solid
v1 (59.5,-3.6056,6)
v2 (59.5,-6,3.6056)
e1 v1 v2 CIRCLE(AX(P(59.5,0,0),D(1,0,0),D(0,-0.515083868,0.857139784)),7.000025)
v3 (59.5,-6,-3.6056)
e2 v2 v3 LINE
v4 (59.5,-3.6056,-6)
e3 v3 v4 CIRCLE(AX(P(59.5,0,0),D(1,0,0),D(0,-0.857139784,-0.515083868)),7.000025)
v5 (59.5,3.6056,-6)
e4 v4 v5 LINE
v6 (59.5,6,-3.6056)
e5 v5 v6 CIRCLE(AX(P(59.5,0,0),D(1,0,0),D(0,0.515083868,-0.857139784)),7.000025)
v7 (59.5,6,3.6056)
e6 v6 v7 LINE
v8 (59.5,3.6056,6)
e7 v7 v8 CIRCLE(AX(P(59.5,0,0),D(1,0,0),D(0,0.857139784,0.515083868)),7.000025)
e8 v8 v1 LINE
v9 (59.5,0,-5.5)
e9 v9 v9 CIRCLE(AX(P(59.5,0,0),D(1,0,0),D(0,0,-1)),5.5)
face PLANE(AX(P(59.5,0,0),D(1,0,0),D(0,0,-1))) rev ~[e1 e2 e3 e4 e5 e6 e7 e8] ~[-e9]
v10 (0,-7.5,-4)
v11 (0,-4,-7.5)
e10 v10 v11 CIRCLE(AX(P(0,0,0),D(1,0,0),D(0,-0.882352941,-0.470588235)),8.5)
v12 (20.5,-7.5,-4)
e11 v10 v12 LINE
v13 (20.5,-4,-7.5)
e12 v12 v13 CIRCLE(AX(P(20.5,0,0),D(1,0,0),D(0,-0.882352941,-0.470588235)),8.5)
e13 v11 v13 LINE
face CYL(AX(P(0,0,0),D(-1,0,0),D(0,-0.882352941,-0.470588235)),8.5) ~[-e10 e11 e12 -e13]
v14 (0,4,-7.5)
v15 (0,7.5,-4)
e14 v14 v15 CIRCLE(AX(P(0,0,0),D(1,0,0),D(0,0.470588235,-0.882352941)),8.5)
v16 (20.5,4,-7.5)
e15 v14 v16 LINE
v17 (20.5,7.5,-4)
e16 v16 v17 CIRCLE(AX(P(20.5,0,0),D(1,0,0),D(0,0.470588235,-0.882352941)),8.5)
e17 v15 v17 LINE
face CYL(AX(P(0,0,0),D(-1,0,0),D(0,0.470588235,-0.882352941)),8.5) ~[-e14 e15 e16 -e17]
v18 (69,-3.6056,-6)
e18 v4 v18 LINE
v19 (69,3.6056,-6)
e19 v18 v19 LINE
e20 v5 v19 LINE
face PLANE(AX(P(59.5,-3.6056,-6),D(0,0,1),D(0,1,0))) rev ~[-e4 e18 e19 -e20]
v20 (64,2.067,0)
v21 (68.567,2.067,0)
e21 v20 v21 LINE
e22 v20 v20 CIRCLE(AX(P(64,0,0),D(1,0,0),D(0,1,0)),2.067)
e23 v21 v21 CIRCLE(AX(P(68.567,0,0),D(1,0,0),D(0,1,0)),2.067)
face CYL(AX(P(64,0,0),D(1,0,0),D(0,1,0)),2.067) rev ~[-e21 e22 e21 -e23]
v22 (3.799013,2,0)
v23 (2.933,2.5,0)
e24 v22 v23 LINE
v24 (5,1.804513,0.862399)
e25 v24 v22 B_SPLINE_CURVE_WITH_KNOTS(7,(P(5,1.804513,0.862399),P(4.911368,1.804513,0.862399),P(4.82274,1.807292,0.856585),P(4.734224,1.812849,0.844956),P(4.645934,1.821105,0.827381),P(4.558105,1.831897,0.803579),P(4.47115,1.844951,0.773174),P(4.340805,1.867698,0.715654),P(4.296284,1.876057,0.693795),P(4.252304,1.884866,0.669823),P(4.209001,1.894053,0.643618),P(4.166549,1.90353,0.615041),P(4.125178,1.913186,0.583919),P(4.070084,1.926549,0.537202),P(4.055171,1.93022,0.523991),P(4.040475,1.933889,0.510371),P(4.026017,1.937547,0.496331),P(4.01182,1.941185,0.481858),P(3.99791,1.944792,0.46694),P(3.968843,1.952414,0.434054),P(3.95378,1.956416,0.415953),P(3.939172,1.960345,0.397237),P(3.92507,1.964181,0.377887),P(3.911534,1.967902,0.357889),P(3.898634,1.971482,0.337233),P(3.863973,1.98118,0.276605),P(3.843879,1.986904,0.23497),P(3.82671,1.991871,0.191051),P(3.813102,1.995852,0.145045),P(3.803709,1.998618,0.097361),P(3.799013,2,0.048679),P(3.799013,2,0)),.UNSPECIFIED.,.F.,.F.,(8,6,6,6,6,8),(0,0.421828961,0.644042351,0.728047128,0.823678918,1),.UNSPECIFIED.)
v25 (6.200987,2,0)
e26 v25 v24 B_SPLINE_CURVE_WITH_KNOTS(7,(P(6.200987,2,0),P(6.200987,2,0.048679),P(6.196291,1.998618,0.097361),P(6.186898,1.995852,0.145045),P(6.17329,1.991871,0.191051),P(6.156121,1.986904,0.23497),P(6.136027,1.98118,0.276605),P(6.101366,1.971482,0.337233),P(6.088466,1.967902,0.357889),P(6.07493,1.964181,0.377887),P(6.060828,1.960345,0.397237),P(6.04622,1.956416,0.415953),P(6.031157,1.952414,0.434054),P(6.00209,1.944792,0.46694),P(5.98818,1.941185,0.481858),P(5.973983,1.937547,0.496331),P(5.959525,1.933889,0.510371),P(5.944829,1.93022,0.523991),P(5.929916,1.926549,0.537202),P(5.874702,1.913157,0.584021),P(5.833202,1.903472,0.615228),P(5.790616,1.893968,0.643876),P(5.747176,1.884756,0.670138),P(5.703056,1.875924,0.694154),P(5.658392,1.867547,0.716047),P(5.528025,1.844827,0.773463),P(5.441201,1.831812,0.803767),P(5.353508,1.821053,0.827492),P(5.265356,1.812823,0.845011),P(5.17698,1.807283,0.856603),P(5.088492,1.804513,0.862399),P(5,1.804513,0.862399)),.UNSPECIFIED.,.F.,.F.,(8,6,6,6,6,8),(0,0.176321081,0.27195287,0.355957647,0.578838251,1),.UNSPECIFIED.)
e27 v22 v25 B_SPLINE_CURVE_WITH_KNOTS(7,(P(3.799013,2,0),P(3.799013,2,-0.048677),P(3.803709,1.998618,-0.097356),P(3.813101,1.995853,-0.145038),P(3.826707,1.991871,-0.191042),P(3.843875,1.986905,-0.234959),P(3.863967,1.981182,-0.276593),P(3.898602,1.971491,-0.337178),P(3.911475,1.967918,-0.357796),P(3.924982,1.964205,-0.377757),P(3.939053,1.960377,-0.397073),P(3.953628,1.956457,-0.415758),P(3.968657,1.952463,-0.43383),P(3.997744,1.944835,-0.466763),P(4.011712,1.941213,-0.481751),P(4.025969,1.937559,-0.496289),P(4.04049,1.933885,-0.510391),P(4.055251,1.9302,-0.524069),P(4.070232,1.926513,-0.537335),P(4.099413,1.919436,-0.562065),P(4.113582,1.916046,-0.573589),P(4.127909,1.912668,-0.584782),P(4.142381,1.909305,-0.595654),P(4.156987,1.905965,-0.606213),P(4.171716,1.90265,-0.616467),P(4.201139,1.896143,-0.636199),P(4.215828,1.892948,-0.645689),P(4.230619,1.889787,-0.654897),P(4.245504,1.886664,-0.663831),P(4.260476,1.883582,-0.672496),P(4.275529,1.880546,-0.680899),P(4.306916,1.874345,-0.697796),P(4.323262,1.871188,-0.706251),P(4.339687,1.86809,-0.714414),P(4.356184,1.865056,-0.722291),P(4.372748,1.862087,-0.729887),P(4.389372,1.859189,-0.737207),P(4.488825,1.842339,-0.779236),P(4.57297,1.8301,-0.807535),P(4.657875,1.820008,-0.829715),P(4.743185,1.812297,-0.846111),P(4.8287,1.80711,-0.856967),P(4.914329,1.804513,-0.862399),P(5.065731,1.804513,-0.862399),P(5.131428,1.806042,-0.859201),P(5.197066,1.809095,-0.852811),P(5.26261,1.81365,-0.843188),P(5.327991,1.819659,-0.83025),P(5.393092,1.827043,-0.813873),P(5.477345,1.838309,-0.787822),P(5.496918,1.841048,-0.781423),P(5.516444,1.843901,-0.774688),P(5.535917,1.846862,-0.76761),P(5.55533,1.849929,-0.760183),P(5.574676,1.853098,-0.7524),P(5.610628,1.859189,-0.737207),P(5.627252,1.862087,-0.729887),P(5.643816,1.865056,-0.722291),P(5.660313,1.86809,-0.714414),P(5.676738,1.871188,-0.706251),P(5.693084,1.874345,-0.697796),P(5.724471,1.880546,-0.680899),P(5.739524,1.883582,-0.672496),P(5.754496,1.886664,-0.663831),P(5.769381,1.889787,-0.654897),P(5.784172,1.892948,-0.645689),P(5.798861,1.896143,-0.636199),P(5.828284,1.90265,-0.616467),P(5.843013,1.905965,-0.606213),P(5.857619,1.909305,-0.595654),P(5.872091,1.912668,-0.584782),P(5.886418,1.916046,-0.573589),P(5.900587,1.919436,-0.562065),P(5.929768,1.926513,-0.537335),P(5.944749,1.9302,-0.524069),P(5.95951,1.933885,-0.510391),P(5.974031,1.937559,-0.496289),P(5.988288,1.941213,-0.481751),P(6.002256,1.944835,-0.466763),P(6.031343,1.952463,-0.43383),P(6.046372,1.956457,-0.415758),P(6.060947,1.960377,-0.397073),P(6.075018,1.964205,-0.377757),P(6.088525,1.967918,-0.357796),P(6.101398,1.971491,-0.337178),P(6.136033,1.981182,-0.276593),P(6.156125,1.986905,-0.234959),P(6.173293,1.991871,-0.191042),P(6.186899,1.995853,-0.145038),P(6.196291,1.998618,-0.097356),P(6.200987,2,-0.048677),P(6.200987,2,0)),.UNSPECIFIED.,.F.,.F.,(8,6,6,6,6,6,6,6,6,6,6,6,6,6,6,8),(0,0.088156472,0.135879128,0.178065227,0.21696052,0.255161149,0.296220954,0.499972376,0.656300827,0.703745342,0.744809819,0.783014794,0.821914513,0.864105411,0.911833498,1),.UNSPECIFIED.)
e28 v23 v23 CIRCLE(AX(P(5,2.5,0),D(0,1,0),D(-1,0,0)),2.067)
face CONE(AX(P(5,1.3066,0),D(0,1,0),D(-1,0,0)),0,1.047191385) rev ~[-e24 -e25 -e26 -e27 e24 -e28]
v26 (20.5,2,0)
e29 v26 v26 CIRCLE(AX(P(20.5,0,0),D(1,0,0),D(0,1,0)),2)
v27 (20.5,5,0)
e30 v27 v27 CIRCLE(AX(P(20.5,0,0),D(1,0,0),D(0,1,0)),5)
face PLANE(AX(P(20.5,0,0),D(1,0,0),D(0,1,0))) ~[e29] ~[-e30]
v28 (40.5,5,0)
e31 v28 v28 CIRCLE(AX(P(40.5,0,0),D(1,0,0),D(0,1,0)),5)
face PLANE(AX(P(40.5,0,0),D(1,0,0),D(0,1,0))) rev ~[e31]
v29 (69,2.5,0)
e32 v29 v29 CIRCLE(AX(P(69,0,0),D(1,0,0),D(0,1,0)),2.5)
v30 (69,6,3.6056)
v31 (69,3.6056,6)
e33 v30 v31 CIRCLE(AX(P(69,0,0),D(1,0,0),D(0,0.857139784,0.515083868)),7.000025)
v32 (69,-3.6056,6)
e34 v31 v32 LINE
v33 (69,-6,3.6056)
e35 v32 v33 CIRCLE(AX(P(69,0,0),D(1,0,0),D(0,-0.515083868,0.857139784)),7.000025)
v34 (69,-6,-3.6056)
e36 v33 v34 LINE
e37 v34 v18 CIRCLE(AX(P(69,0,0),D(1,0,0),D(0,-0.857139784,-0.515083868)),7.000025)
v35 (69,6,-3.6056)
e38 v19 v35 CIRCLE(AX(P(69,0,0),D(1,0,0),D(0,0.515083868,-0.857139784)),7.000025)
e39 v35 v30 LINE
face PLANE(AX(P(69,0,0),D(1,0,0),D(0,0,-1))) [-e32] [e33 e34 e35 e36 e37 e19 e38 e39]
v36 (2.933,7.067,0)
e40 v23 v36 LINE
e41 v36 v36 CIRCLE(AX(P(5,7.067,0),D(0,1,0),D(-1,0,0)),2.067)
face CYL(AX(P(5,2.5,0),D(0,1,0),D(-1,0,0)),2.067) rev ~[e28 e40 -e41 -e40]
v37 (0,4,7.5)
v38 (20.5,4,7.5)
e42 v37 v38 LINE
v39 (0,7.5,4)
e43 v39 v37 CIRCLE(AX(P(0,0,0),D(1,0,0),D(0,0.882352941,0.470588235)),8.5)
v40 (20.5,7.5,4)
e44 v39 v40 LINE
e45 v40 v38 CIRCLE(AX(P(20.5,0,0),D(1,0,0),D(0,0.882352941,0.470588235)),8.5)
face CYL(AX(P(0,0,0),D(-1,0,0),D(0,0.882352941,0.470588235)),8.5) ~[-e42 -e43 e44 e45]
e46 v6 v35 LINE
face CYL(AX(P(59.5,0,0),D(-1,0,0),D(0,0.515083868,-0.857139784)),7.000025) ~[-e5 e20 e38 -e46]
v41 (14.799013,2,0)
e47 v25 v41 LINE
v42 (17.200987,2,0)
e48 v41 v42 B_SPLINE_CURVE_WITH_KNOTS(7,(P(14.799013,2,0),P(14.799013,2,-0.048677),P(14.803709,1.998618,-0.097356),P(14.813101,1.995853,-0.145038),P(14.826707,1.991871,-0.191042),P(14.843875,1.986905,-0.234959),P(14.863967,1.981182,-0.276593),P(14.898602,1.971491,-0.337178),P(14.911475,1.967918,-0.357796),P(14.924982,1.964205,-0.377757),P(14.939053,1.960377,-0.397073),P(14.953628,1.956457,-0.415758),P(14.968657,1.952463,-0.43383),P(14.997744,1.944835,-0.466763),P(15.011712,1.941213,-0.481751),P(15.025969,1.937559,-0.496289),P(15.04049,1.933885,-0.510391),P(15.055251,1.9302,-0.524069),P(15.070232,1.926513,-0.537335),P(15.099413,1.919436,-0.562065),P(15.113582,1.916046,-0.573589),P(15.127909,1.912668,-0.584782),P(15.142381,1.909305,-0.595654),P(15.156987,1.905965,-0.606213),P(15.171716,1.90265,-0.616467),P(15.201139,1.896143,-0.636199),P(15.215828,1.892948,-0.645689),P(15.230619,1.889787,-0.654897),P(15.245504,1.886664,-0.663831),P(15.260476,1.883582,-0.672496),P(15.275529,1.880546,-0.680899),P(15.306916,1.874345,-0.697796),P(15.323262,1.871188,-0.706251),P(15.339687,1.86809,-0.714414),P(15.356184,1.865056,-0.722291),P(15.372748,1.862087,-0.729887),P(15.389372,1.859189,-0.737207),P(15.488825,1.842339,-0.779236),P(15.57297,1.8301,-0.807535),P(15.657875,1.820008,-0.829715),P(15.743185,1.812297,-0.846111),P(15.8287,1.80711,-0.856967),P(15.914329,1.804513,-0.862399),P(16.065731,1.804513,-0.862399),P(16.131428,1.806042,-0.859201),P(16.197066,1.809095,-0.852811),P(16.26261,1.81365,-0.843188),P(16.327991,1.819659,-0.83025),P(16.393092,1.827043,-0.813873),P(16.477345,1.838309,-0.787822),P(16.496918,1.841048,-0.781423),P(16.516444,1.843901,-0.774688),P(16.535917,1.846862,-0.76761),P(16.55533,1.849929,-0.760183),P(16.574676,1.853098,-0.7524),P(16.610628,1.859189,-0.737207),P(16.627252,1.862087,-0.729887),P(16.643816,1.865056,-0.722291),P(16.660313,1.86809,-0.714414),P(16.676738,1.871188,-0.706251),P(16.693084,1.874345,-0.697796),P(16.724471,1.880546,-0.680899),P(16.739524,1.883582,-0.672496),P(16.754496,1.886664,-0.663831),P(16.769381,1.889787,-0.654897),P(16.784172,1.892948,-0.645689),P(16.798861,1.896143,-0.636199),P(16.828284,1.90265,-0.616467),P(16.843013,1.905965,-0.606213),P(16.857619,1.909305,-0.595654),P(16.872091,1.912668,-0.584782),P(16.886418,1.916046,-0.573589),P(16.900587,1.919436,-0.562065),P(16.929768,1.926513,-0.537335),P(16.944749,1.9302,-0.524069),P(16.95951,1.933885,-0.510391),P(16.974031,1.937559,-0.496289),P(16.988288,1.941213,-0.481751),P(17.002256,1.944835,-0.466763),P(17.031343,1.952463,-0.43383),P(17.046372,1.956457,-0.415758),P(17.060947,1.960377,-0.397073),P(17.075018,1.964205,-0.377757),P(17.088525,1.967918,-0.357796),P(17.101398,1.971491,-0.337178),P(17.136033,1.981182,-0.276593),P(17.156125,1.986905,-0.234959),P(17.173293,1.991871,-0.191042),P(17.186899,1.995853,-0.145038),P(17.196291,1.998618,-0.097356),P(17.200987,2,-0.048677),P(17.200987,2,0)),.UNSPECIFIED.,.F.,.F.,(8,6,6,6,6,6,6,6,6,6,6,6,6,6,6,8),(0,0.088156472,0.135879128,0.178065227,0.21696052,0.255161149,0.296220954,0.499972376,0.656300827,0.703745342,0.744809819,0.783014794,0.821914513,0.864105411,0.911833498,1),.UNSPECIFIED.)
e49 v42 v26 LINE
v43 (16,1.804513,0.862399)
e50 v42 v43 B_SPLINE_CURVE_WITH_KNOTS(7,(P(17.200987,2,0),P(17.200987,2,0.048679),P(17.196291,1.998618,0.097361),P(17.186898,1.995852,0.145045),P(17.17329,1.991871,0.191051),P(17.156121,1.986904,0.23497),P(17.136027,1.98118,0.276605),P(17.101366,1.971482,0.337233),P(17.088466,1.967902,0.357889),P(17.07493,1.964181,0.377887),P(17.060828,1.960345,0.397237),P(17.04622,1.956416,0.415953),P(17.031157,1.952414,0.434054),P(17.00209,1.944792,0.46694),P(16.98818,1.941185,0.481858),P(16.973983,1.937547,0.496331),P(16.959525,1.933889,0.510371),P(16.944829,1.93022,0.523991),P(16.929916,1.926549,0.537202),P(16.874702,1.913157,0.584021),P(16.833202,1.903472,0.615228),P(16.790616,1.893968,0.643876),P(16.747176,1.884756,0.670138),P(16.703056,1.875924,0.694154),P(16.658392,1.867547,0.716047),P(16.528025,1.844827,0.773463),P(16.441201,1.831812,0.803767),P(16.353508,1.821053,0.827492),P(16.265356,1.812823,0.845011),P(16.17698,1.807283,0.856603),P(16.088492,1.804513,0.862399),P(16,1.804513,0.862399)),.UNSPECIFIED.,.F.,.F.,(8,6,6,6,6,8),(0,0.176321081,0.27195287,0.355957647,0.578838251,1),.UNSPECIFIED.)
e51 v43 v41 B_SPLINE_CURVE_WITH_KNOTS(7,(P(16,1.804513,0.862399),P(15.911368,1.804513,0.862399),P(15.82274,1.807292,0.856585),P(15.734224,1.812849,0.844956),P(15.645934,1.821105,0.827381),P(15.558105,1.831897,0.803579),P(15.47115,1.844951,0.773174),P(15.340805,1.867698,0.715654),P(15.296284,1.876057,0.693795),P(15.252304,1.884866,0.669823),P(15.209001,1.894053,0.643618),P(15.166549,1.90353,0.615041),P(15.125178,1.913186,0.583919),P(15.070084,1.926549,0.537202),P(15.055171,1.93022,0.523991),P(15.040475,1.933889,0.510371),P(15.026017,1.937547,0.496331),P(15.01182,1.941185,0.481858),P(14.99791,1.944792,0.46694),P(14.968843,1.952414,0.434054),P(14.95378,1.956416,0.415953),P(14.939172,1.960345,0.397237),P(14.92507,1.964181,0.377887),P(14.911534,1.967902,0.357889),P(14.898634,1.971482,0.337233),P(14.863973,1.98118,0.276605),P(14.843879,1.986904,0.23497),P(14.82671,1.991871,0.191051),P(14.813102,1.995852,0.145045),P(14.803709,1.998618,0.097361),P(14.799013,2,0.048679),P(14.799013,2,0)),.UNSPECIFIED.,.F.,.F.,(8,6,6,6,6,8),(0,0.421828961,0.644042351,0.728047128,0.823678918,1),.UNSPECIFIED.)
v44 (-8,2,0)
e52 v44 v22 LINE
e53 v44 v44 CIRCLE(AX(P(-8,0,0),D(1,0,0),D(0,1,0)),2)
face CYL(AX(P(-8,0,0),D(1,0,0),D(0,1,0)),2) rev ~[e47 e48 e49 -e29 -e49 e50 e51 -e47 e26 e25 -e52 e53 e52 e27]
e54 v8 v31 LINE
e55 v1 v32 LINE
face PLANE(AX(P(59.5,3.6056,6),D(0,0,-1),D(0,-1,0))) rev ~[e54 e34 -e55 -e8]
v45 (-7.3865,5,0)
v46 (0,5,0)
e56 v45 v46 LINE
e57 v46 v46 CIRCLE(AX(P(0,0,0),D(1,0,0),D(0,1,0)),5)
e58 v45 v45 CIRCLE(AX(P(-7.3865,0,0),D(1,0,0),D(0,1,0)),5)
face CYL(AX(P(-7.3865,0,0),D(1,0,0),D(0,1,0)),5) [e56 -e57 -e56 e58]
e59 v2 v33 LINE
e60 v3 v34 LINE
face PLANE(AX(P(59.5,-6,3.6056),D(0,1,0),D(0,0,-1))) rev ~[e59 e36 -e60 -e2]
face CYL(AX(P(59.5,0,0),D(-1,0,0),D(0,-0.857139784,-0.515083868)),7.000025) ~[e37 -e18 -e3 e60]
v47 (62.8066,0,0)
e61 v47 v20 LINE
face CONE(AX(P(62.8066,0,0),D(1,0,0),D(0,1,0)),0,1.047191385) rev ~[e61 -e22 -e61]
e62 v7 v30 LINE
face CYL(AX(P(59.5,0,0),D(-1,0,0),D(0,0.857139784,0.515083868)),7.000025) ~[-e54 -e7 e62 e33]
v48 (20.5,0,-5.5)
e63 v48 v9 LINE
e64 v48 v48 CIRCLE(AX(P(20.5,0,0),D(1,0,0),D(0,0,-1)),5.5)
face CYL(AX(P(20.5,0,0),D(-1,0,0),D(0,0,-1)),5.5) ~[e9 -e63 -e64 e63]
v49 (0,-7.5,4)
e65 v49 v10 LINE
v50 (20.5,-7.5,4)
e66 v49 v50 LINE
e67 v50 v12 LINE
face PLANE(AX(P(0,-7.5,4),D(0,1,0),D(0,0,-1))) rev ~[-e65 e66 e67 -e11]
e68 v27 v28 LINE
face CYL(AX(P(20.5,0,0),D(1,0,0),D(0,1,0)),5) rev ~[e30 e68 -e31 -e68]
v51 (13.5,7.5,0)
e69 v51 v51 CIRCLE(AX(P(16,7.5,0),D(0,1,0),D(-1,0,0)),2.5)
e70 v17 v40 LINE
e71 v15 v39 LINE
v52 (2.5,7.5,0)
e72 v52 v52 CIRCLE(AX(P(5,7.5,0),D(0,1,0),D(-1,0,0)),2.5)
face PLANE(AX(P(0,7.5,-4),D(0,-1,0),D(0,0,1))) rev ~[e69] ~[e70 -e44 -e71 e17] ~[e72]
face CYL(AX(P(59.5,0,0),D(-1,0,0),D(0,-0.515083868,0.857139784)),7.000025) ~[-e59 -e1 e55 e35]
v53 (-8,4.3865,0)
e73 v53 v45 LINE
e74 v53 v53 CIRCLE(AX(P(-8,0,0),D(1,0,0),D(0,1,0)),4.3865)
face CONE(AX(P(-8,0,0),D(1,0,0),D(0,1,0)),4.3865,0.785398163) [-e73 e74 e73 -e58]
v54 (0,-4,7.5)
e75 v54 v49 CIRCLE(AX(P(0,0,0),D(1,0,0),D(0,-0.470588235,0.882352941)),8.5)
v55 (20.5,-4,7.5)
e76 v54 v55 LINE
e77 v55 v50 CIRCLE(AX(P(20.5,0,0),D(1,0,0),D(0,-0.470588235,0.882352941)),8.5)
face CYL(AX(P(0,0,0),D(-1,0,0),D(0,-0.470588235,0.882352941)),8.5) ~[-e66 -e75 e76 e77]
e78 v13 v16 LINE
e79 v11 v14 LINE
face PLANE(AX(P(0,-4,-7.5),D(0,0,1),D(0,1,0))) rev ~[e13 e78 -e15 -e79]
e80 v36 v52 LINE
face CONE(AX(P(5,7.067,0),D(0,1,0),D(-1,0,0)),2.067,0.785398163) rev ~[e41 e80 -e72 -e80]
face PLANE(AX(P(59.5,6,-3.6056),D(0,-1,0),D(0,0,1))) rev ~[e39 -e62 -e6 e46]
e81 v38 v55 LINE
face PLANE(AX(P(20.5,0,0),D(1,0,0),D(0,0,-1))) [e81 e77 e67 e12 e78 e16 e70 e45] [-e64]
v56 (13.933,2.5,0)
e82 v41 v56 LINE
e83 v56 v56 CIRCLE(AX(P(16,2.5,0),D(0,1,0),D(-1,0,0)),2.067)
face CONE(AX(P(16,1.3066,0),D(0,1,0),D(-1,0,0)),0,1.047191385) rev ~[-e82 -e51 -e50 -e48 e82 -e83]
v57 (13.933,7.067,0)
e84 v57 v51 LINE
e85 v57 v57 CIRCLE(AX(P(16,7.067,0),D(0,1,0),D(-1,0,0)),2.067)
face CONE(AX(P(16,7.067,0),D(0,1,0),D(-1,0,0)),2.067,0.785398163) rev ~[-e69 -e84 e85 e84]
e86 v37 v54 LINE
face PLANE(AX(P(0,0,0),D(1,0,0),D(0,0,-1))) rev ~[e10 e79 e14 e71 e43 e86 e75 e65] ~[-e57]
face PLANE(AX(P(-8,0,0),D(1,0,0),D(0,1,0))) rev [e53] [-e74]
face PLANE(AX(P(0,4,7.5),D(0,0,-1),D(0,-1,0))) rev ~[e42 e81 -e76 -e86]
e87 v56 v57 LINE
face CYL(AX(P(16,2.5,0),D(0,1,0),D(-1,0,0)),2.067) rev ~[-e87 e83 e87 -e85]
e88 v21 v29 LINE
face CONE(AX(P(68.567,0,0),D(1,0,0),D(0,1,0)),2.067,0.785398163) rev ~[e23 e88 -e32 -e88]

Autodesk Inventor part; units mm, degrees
sketch "Sketch_8" plane through (0, 0, 0) normal (0, 0, 1) x (1, 0, 0)
  line L0 (0, 0) -> (-8, 0)
  line L1 (-8, 0) -> (-8, 4.3865)
  line L2 (-8, 4.3865) -> (-7.3865, 5)
  line L3 (-7.3865, 5) -> (0, 5)
  line L4 (0, 5) -> (0, 0)
  line L5 (0, 0) -> (-8, 0)
revolve "Revolution1" add sketch "Sketch_8" angle 360 about axis through (0, 0, 0) along (1, 0, 0)
thread "Thread1" size "M10x1" class "6g" standard "ISO Metric profile" length 5.8865
sketch "Sketch_9" plane through (0, 0, 0) normal (1, 0, 0) x (0, 0, -1)
  line L0 (-7.5, 4) -> (-7.5, -4)
  arc A0 (-7.5, -4) -> (-4, -7.5) centre (0, 0) ccw
  line L1 (-4, -7.5) -> (4, -7.5)
  arc A1 (4, -7.5) -> (7.5, -4) centre (0, 0) ccw
  line L2 (7.5, -4) -> (7.5, 4)
  arc A2 (7.5, 4) -> (4, 7.5) centre (0, 0) ccw
  line L3 (4, 7.5) -> (-4, 7.5)
  arc A3 (-4, 7.5) -> (-7.5, 4) centre (0, 0) ccw
extrude "Extrusion1" add sketch "Sketch_9" along normal blind 20.5
sketch "Sketch_6" plane through (20.5, 0, 0) normal (1, 0, 0) x (0, 0, -1)
  circle A0 centre (0, 0) radius 5.5
extrude "Extrusion2" add sketch "Sketch_6" along normal blind 39
sketch "Sketch_10" plane through (59.5, 0, 0) normal (1, 0, 0) x (0, 0, -1)
  line L0 (-6, 3.6056) -> (-6, -3.6056)
  arc A0 (-6, -3.6056) -> (-3.6056, -6) centre (0, 0) ccw
  line L1 (-3.6056, -6) -> (3.6056, -6)
  arc A1 (3.6056, -6) -> (6, -3.6056) centre (0, 0) ccw
  line L2 (6, -3.6056) -> (6, 3.6056)
  arc A2 (6, 3.6056) -> (3.6056, 6) centre (0, 0) ccw
  line L3 (3.6056, 6) -> (-3.6056, 6)
  arc A3 (-3.6056, 6) -> (-6, 3.6056) centre (0, 0) ccw
extrude "Extrusion3" add sketch "Sketch_10" along normal blind 9.5
sketch "Sketch7" plane through (0, 0, 0) normal (0, 0, 1) x (1, 0, 0)
  line L0 (5, 7.5) -> (5, 2.5)
  line L1 (5, 1.3066) -> (2.933, 2.5)
  line L2 (2.933, 2.5) -> (2.933, 7.067)
  line L3 (2.933, 7.067) -> (2.5, 7.5)
  line L4 (2.5, 7.5) -> (5, 7.5)
  line L5 (5, 7.5) -> (5, 1.3066)
revolve "Revolution2" cut sketch "Sketch7" angle 360 about axis through (5, 7.5, 0) along (0, 1, 0)
thread "Thread2" size "M5x0.8" class "6H" standard "ISO Metric profile" full length
sketch "Sketch_28" plane through (0, 0, 0) normal (0, 0, 1) x (1, 0, 0)
  line L0 (16, 7.5) -> (16, 2.5)
  line L1 (16, 1.3066) -> (13.933, 2.5)
  line L2 (13.933, 2.5) -> (13.933, 7.067)
  line L3 (13.933, 7.067) -> (13.5, 7.5)
  line L4 (13.5, 7.5) -> (16, 7.5)
  line L5 (16, 7.5) -> (16, 1.3066)
revolve "Revolution3" cut sketch "Sketch_28" angle 360 about axis through (16, 7.5, 0) along (0, 1, 0)
thread "Thread3" size "M5x0.8" class "6H" standard "ISO Metric profile" full length
sketch "Sketch8" plane through (0, 0, 0) normal (0, 0, 1) x (1, 0, 0)
  line L0 (69, 0) -> (64, 0)
  line L1 (62.8066, 0) -> (64, 2.067)
  line L2 (64, 2.067) -> (68.567, 2.067)
  line L3 (68.567, 2.067) -> (69, 2.5)
  line L4 (69, 2.5) -> (69, 0)
  line L5 (69, 0) -> (62.8066, 0)
revolve "Revolution4" cut sketch "Sketch8" angle 360 about axis through (69, 0, 0) along (1, 0, 0)
thread "Thread4" size "M5x0.8" class "6H" standard "ISO Metric profile" full length
sketch "Sketch_16" plane through (0, 0, 0) normal (0, 0, 1) x (1, 0, 0)
  line L0 (40.5, 0) -> (-8, 0)
  line L1 (-8, 0) -> (-8, 2)
  line L2 (-8, 2) -> (20.5, 2)
  line L3 (20.5, 2) -> (20.5, 5)
  line L4 (20.5, 5) -> (40.5, 5)
  line L5 (40.5, 5) -> (40.5, 0)
  line L6 (40.5, 0) -> (-8, 0)
revolve "Revolution5" cut sketch "Sketch_16" angle 360 about axis through (40.5, 0, 0) along (1, 0, 0)
ref_plane "BODY_N_XY" through (77, 0, 0) normal (0, 0, -1) x (1, 0, 0)
ref_plane "BODY_N_YZ" through (77, 0, 0) normal (1, 0, 0) x (0, -1, 0)
ref_plane "BODY_N_ZX" through (77, 0, 0) normal (0, -1, 0) x (0, 0, -1)
ref_plane "NUT2_XY" through (69, 0, 0) normal (1, 0, 0) x (0, 0, -1)
ref_plane "NUT2_YZ" through (69, 0, 0) normal (0, 0, -1) x (0, 1, 0)
ref_plane "NUT2_ZX" through (69, 0, 0) normal (0, 1, 0) x (1, 0, 0)
ref_plane "SW1_XY" through (25, 0, 0) normal (1, 0, 0) x (0, 0, -1)
ref_plane "SW1_YZ" through (25, 0, 0) normal (0, 0, -1) x (0, 1, 0)
ref_plane "SW1_ZX" through (25, 0, 0) normal (0, 1, 0) x (1, 0, 0)
ref_plane "SW2_XY" through (55, 0, 0) normal (-1, 0, 0) x (0, 0, -1)
ref_plane "SW2_YZ" through (55, 0, 0) normal (0, 0, -1) x (0, -1, 0)
ref_plane "SW2_ZX" through (55, 0, 0) normal (0, -1, 0) x (-1, 0, 0)
ref_plane "SW_R1_XY" through (25, -12.5, 0) normal (1, 0, 0) x (0, 0, -1)
ref_plane "SW_R1_YZ" through (25, -12.5, 0) normal (0, 0, -1) x (0, 1, 0)
ref_plane "SW_R1_ZX" through (25, -12.5, 0) normal (0, 1, 0) x (1, 0, 0)
ref_plane "SW_R2_XY" through (55, -12.5, 0) normal (-1, 0, 0) x (0, 0, -1)
ref_plane "SW_R2_YZ" through (55, -12.5, 0) normal (0, 0, -1) x (0, -1, 0)
ref_plane "SW_R2_ZX" through (55, -12.5, 0) normal (0, -1, 0) x (-1, 0, 0)
ref_plane "body_XY" through (0, 0, 0) normal (1, 0, 0) x (0, 0, -1)
ref_plane "body_YZ" through (0, 0, 0) normal (0, 0, -1) x (0, 1, 0)
ref_plane "body_ZX" through (0, 0, 0) normal (0, 1, 0) x (1, 0, 0)
properties part number "10-CJ2B10-15RZ(1_0)_BODY"
